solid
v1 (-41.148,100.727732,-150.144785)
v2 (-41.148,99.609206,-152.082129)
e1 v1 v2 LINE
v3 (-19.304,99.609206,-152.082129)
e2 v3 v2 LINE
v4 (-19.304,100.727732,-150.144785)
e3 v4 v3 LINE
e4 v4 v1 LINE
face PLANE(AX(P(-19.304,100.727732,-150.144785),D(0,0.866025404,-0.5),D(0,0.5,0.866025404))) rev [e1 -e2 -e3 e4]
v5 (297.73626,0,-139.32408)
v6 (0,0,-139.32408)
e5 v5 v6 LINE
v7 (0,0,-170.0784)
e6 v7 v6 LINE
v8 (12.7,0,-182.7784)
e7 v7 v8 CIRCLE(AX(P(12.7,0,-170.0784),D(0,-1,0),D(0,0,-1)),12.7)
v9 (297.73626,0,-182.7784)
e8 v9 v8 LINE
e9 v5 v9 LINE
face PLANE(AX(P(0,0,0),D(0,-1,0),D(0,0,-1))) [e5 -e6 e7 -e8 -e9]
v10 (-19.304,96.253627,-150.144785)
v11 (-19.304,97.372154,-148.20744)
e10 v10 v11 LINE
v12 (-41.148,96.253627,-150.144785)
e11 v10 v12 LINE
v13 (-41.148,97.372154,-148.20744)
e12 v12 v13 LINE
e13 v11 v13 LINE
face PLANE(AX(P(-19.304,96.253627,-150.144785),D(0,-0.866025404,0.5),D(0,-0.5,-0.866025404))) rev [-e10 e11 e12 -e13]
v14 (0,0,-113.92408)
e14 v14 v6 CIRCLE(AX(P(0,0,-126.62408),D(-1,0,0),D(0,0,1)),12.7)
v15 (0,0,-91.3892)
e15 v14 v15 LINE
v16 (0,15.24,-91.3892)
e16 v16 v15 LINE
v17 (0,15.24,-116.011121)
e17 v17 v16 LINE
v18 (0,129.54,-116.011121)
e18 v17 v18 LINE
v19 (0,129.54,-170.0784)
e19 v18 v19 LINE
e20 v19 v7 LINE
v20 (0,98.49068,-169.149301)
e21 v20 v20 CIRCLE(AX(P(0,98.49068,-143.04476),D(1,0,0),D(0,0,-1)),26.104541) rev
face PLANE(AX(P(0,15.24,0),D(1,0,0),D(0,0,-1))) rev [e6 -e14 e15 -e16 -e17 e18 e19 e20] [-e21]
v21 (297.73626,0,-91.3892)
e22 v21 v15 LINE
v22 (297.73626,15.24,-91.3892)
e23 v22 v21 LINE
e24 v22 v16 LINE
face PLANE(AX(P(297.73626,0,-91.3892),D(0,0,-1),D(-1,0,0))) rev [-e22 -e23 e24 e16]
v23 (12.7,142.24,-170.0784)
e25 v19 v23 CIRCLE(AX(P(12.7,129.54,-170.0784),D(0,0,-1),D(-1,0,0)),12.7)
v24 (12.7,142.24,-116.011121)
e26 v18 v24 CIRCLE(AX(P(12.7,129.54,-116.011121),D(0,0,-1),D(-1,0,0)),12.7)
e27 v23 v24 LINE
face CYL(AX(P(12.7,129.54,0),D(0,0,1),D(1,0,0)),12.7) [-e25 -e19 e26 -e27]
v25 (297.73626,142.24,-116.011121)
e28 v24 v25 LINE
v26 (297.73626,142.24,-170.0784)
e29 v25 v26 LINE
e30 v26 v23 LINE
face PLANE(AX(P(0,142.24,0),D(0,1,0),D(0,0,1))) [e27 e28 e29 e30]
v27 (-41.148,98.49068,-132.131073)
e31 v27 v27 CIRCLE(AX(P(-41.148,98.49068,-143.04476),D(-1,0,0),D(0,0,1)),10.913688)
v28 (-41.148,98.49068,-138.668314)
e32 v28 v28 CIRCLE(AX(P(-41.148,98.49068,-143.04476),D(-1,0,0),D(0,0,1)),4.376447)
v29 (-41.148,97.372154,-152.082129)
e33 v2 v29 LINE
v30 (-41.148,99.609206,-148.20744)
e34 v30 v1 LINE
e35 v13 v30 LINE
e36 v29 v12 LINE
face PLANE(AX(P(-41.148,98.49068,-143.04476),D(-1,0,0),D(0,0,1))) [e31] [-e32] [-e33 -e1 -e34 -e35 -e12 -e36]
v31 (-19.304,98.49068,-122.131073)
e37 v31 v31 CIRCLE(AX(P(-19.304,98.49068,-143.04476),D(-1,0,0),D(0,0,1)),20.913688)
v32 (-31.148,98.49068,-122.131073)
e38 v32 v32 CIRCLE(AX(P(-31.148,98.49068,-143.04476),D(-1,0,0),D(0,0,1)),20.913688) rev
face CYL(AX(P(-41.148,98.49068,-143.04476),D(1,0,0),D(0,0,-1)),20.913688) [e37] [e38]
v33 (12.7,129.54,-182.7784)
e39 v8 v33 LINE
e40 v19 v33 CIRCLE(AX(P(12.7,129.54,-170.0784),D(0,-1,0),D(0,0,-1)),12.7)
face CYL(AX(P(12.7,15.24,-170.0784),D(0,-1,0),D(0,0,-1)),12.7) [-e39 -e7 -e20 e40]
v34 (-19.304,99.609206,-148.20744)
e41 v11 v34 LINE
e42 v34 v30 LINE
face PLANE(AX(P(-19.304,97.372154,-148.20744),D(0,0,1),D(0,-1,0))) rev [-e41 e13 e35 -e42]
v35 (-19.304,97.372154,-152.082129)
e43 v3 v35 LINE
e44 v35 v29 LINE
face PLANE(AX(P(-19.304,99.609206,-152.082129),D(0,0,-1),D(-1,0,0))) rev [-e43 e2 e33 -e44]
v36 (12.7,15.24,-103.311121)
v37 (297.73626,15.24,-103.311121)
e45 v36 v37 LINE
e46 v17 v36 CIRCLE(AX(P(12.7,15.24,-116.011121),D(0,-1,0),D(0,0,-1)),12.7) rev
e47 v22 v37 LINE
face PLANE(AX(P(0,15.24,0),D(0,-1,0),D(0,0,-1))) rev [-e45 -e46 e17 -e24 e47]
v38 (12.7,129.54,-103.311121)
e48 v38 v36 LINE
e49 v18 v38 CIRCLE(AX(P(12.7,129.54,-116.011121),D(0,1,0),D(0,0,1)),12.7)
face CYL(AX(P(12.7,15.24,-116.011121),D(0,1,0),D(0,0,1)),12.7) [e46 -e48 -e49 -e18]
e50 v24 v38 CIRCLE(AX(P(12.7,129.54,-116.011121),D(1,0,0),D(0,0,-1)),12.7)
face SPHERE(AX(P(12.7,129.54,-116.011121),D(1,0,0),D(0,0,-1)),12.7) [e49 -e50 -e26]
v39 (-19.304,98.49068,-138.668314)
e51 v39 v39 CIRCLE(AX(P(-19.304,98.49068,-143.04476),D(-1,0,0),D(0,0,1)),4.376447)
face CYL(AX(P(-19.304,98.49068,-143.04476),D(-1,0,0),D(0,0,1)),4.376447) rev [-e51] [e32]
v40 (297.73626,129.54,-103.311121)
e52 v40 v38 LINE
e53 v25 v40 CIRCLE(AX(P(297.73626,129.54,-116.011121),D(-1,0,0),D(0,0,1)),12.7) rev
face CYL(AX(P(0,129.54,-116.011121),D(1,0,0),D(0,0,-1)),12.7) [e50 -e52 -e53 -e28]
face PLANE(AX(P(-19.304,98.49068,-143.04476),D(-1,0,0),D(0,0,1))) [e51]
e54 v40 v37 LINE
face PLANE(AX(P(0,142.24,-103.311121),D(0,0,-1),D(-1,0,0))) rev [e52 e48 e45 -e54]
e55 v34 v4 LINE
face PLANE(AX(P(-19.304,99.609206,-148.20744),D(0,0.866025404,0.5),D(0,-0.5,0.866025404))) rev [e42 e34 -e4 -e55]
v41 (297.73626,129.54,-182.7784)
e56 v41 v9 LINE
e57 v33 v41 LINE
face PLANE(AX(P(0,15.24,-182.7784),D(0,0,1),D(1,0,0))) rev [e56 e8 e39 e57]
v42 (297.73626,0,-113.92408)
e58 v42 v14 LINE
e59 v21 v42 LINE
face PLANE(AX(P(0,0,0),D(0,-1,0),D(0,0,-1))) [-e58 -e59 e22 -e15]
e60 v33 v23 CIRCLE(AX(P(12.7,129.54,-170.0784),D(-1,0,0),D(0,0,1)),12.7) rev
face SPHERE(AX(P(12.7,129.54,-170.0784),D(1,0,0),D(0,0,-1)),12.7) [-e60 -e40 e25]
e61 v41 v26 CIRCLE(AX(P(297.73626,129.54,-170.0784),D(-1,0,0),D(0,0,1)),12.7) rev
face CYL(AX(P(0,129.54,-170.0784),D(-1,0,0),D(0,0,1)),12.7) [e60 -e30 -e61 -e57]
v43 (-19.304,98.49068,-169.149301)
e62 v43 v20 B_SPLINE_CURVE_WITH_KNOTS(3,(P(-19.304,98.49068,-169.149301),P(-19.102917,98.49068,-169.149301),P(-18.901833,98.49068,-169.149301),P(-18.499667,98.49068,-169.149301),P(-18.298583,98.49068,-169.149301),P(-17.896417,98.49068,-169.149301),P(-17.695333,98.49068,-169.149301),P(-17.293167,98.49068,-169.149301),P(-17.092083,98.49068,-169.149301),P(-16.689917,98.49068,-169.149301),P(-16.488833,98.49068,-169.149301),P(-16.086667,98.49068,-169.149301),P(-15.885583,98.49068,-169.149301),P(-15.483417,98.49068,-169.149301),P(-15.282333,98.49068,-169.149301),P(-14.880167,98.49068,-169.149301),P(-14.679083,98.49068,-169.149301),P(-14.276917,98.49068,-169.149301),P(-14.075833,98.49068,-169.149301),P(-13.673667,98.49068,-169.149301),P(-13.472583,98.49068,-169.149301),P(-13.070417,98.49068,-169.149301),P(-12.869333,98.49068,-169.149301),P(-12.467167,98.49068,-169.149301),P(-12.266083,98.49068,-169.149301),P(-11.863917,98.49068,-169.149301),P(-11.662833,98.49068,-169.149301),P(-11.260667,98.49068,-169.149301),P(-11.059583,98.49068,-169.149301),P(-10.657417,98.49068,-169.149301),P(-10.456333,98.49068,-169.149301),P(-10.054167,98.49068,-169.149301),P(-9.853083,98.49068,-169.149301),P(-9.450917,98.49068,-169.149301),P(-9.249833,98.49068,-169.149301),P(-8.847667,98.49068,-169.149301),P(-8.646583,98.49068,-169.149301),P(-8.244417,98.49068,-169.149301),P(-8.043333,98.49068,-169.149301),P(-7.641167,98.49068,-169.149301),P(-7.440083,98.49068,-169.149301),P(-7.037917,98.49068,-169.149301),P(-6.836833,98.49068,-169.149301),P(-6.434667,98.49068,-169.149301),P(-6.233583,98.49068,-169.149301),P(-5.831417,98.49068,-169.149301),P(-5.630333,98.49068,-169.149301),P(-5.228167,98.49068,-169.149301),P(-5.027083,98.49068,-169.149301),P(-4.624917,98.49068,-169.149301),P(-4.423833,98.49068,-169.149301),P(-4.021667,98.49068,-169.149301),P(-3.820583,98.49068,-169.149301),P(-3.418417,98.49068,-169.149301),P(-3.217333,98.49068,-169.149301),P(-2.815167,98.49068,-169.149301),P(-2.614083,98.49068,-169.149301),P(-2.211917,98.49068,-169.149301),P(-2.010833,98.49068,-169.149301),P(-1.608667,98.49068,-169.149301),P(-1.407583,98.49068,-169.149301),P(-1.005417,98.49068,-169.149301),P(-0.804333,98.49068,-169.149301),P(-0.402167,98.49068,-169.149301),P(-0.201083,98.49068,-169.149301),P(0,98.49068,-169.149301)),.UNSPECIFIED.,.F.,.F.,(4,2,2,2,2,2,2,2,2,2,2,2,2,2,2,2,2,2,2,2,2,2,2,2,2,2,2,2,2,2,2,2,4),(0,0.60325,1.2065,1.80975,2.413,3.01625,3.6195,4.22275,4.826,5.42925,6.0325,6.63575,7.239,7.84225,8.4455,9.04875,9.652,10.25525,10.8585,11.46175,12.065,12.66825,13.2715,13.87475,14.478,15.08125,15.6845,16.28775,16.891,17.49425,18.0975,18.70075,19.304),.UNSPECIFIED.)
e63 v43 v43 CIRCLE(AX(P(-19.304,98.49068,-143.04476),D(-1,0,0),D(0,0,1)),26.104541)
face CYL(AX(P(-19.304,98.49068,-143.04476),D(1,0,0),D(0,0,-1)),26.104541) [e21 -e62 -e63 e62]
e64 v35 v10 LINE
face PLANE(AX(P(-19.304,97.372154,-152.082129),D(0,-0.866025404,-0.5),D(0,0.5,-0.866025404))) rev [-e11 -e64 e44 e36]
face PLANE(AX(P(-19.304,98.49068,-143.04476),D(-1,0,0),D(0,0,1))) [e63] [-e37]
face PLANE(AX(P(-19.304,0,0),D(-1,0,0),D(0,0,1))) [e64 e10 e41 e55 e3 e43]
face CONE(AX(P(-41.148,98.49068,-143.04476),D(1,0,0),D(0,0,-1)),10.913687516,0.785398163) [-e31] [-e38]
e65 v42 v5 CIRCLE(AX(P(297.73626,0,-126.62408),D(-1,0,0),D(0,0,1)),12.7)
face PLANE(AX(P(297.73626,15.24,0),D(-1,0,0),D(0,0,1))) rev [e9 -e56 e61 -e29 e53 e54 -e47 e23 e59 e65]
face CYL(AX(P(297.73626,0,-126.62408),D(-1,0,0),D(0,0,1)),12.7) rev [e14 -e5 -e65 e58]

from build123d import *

# Parameters (mm, degrees)
SKETCH1_W           = 297.73626
SKETCH1_H           = 182.7784
BOSS_EXTRUDE1_DEPTH = 15.24
CUT_EXTRUDE1_DEPTH  = 350.695698609
SKETCH4_W           = 91.3892
SKETCH4_H           = 15.24
CUT_EXTRUDE3_DEPTH  = 350.695698609
SKETCH5_W           = 297.73626
SKETCH5_H           = 79.467279424
BOSS_EXTRUDE2_DEPTH = 127
FILLET1_R           = 12.7
FILLET2_R           = 12.7
FILLET3_R           = 12.7
SKETCH6_R           = 26.104541014
BOSS_EXTRUDE3_DEPTH = 19.304
SKETCH7_R           = 20.913687516
BOSS_EXTRUDE4_DEPTH = 21.844
CHAMFER1_SIZE       = 10
SKETCH8_R           = 4.376446561
CUT_EXTRUDE4_DEPTH  = 21.844


with BuildPart() as part:
    # Sketch1 → Boss-Extrude1 (new body)
    with BuildSketch(Plane(origin=(0, 0, 0), x_dir=(1, 0, 0), z_dir=(0, 1, 0))):
        with Locations((148.86813, 91.3892)):
            Rectangle(SKETCH1_W, SKETCH1_H)
    extrude(amount=BOSS_EXTRUDE1_DEPTH)

    # Sketch2 → Cut-Extrude1 (cut, through all)
    with BuildSketch(Plane.ZY):
        with BuildLine():
            ThreePointArc((-43.45432, 0), (-56.15432, 12.7), (-68.85432, 0))
            Line((-68.85432, 0), (-43.45432, 0))
        make_face()
        with BuildLine():
            ThreePointArc((-113.92408, 0), (-126.62408, 12.7), (-139.32408, 0))
            Line((-139.32408, 0), (-126.62408, 0))
            Line((-126.62408, 0), (-113.92408, 0))
        make_face()
    extrude(amount=-CUT_EXTRUDE1_DEPTH, mode=Mode.SUBTRACT)

    # Sketch4 → Cut-Extrude3 (cut, through all)
    with BuildSketch(Plane.ZY):
        with Locations((-45.6946, 7.62)):
            Rectangle(SKETCH4_W, SKETCH4_H)
    extrude(amount=-CUT_EXTRUDE3_DEPTH, mode=Mode.SUBTRACT)

    # Sketch5 → Boss-Extrude2 (add)
    with BuildSketch(Plane(origin=(0, 15.24, 0), x_dir=(1, 0, 0), z_dir=(0, 1, 0))):
        with Locations((148.86813, 143.044760288)):
            Rectangle(SKETCH5_W, SKETCH5_H)
    extrude(amount=BOSS_EXTRUDE2_DEPTH)

    # Fillet1
    fillet1_edges = [part.edges().sort_by_distance(p)[0] for p in [
        (148.86813, 142.24, -103.311120576),
    ]]
    fillet(fillet1_edges, radius=FILLET1_R)

    # Fillet2
    fillet2_edges = [part.edges().sort_by_distance(p)[0] for p in [
        (148.86813, 142.24, -182.7784),
    ]]
    fillet(fillet2_edges, radius=FILLET2_R)

    # Fillet3
    fillet3_edges = [part.edges().sort_by_distance(p)[0] for p in [
        (0, 72.39, -103.311120576),
        (0, 138.520256121, -107.030864455),
        (0, 64.77, -182.7784),
        (0, 142.24, -143.044760288),
        (0, 138.520256121, -179.058656121),
    ]]
    fillet(fillet3_edges, radius=FILLET3_R)

    # Sketch6 → Boss-Extrude3 (add)
    with BuildSketch(Plane.ZY):
        with Locations(Location((-143.044760288, 98.490679768, 0), (0, 0, 180))):
            Circle(SKETCH6_R)
    extrude(amount=BOSS_EXTRUDE3_DEPTH)

    # Sketch7 → Boss-Extrude4 (add)
    with BuildSketch(Plane.ZY.offset(19.304)):
        with Locations((-143.044760288, 98.490679768)):
            Circle(SKETCH7_R)
    extrude(amount=BOSS_EXTRUDE4_DEPTH)

    # Chamfer1
    chamfer1_edges = [part.edges().sort_by_distance(p)[0] for p in [
        (-41.148, 98.490679768, -163.958447804),
    ]]
    chamfer(chamfer1_edges, length=CHAMFER1_SIZE)

    # Sketch8 → Cut-Extrude4 (cut)
    with BuildSketch(Plane.ZY.offset(41.148)):
        with Locations((-143.044760288, 98.490679768)):
            Circle(SKETCH8_R)
        Polygon((-150.144784592, 100.727732071), (-152.082128716, 99.609205919), (-152.082128716, 97.372153616), (-150.144784592, 96.253627465), (-148.207440468, 97.372153616), (-148.207440468, 99.609205919), align=None)
    extrude(amount=-CUT_EXTRUDE4_DEPTH, mode=Mode.SUBTRACT)


solid = part.part
